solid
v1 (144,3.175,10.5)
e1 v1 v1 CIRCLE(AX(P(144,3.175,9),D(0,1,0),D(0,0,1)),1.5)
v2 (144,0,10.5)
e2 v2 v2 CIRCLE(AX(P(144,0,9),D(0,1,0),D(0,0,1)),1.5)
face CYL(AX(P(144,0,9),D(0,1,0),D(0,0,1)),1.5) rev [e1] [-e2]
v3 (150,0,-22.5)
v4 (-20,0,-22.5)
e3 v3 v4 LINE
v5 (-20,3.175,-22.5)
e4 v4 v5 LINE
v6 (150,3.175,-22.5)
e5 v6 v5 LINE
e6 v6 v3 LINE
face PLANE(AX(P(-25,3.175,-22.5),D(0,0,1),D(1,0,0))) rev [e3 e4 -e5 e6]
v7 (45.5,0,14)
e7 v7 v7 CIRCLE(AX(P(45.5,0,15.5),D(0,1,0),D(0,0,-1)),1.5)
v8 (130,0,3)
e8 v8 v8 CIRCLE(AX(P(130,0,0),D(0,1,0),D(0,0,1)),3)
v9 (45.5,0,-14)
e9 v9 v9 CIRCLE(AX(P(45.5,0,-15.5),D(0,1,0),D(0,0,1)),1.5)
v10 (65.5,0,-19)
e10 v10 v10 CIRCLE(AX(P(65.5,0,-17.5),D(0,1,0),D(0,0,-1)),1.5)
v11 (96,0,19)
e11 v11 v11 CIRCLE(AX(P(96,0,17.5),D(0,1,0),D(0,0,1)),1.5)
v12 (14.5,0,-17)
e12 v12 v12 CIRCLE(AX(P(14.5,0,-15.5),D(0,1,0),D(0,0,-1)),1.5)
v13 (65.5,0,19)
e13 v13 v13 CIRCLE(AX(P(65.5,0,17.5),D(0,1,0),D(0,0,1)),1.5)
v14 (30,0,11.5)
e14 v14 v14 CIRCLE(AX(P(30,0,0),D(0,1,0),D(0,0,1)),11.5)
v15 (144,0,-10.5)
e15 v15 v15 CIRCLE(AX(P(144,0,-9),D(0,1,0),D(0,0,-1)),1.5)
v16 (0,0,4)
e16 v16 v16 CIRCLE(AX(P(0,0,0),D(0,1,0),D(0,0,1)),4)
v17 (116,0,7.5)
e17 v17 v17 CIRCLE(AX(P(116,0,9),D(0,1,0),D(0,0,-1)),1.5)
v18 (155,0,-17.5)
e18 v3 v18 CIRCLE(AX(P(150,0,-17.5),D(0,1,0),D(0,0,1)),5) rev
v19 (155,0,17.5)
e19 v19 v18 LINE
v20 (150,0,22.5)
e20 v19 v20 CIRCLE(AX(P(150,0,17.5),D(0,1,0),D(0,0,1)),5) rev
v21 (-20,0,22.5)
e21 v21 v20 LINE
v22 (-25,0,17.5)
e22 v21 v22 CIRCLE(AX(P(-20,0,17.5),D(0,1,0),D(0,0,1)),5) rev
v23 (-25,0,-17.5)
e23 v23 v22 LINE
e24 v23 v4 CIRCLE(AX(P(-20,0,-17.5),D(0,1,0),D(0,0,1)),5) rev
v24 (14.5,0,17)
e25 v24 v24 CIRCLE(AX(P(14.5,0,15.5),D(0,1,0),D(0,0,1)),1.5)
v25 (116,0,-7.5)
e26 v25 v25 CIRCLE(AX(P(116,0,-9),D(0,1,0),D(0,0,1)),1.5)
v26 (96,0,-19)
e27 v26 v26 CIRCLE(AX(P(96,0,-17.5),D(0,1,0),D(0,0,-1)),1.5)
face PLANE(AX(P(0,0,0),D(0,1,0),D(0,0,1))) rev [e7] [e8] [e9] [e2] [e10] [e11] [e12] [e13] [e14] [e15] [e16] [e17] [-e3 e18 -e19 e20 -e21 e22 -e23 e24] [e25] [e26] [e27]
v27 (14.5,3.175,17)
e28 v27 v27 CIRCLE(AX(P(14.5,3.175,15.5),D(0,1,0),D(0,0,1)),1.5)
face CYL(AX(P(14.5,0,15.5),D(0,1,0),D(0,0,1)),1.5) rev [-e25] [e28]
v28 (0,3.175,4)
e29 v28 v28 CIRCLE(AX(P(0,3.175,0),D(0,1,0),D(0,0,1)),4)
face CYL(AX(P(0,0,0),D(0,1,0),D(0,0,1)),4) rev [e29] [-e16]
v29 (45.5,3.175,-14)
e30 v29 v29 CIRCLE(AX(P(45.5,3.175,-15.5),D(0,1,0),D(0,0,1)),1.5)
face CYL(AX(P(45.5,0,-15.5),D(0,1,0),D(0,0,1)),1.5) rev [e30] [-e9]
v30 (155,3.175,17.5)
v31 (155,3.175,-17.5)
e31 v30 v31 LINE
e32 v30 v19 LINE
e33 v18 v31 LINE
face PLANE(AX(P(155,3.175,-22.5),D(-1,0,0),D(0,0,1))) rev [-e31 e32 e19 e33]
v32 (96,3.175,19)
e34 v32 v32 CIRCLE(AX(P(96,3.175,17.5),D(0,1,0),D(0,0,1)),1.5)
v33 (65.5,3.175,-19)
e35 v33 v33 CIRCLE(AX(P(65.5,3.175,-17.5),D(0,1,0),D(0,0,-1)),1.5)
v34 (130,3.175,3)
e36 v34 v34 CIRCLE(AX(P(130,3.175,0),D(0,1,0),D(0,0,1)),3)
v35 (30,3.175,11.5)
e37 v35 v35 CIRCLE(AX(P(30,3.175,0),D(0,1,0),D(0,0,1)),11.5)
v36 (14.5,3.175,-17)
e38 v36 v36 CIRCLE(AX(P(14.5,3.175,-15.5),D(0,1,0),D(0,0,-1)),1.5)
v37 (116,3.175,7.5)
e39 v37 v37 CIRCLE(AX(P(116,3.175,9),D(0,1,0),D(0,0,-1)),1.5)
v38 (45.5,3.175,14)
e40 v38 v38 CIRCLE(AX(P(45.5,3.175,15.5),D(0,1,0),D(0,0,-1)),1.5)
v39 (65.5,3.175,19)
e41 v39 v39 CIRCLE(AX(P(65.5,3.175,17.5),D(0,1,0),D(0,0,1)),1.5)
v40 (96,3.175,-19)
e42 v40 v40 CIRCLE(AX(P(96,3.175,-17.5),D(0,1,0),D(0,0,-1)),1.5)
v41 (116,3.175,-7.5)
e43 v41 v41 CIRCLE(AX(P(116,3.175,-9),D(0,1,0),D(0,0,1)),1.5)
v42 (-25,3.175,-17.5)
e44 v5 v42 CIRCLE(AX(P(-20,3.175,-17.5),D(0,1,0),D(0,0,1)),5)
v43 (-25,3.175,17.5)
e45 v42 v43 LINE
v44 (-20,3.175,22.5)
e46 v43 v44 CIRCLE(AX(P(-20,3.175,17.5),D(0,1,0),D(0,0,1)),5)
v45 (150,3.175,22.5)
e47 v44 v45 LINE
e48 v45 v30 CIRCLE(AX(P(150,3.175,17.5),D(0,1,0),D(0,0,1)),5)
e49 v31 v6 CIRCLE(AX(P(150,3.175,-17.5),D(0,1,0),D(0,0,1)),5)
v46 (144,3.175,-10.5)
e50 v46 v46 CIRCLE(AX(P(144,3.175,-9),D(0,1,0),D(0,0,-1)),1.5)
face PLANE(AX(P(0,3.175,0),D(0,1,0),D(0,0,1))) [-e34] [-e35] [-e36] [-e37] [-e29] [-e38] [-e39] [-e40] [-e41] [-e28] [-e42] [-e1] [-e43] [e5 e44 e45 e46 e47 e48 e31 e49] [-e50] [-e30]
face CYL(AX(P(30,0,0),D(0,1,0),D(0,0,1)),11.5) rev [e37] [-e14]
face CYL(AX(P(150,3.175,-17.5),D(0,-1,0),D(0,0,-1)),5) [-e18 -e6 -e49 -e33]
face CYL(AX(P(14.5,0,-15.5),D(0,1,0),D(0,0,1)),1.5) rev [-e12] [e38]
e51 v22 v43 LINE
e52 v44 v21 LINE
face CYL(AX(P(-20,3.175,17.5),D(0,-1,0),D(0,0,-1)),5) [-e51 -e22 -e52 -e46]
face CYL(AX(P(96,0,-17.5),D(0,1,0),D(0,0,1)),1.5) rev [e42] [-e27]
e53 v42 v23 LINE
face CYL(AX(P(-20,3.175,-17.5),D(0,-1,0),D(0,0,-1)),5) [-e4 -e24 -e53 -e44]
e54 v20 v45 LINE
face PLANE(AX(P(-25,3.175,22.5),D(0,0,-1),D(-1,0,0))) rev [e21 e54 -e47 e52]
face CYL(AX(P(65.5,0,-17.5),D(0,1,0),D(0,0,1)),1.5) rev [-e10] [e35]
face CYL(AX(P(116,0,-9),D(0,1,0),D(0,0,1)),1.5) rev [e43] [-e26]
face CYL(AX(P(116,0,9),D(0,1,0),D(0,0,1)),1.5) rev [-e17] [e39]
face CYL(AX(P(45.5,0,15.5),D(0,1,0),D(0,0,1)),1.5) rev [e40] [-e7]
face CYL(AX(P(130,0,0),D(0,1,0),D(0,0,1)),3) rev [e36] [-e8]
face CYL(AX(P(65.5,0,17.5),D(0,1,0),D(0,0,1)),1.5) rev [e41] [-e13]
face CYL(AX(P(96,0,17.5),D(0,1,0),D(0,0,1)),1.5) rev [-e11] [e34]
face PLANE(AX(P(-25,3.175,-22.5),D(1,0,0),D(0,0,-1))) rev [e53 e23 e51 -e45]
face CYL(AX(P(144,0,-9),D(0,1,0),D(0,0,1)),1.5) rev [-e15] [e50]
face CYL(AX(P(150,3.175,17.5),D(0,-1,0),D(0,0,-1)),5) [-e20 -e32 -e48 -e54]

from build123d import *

# Parameters (mm, degrees)
SKETCH1_W           = 180
SKETCH1_H           = 45
BOSS_EXTRUDE1_DEPTH = 3.175
FILLET1_R           = 5
SKETCH4_R           = 3
SKETCH4_R_2         = 1.5
CUT_EXTRUDE1_DEPTH  = 157.65672863
SKETCH5_R           = 4
CUT_EXTRUDE2_DEPTH  = 157.65672863
SKETCH6_R           = 1.5
SKETCH6_R_2         = 11.5
CUT_EXTRUDE3_DEPTH  = 157.65672863
SKETCH10_R          = 1.5
CUT_EXTRUDE4_DEPTH  = 157.65672863


with BuildPart() as part:
    # Sketch1 → Boss-Extrude1 (new body)
    with BuildSketch(Plane(origin=(0, 0, 0), x_dir=(1, 0, 0), z_dir=(0, 1, 0))):
        with Locations((65, 0)):
            Rectangle(SKETCH1_W, SKETCH1_H)
    extrude(amount=BOSS_EXTRUDE1_DEPTH)

    # Fillet1
    fillet1_edges = [part.edges().sort_by_distance(p)[0] for p in [
        (-25, 1.5875, -22.5),
        (155, 1.5875, -22.5),
        (155, 1.5875, 22.5),
        (-25, 1.5875, 22.5),
    ]]
    fillet(fillet1_edges, radius=FILLET1_R)

    # Sketch4 → Cut-Extrude1 (cut, through all)
    with BuildSketch(Plane(origin=(0, 3.175, 0), x_dir=(1, 0, 0), z_dir=(0, 1, 0))):
        with Locations(Location((130, 0, 0), (0, 0, 270))):
            Circle(SKETCH4_R)
        with Locations(Location((116, 9, 0), (0, 0, 270))):
            Circle(SKETCH4_R_2)
        with Locations(Location((144, 9, 0), (0, 0, 90))):
            Circle(SKETCH4_R_2)
        with Locations(Location((144, -9, 0), (0, 0, 270))):
            Circle(SKETCH4_R_2)
        with Locations(Location((116, -9, 0), (0, 0, 90))):
            Circle(SKETCH4_R_2)
    extrude(amount=-CUT_EXTRUDE1_DEPTH, mode=Mode.SUBTRACT)

    # Sketch5 → Cut-Extrude2 (cut, through all)
    with BuildSketch(Plane(origin=(0, 3.175, 0), x_dir=(1, 0, 0), z_dir=(0, 1, 0))):
        with Locations(Location((0, 0, 0), (0, 0, 270))):
            Circle(SKETCH5_R)
    extrude(amount=-CUT_EXTRUDE2_DEPTH, mode=Mode.SUBTRACT)

    # Sketch6 → Cut-Extrude3 (cut, through all)
    with BuildSketch(Plane(origin=(0, 3.175, 0), x_dir=(1, 0, 0), z_dir=(0, 1, 0))):
        with Locations(Location((14.5, -15.5, 0), (0, 0, 270))):
            Circle(SKETCH6_R)
        with Locations(Location((14.5, 15.5, 0), (0, 0, 90))):
            Circle(SKETCH6_R)
        with Locations(Location((45.5, 15.5, 0), (0, 0, 270))):
            Circle(SKETCH6_R)
        with Locations(Location((45.5, -15.5, 0), (0, 0, 90))):
            Circle(SKETCH6_R)
        with Locations(Location((30, 0, 0), (0, 0, 270))):
            Circle(SKETCH6_R_2)
    extrude(amount=-CUT_EXTRUDE3_DEPTH, mode=Mode.SUBTRACT)

    # Sketch10 → Cut-Extrude4 (cut, through all)
    with BuildSketch(Plane(origin=(0, 3.175, 0), x_dir=(1, 0, 0), z_dir=(0, 1, 0))):
        with Locations(Location((65.5, -17.5, 0), (0, 0, 270))):
            Circle(SKETCH10_R)
        with Locations(Location((96, -17.5, 0), (0, 0, 270))):
            Circle(SKETCH10_R)
        with Locations(Location((96, 17.5, 0), (0, 0, 90))):
            Circle(SKETCH10_R)
        with Locations(Location((65.5, 17.5, 0), (0, 0, 90))):
            Circle(SKETCH10_R)
    extrude(amount=-CUT_EXTRUDE4_DEPTH, mode=Mode.SUBTRACT)


solid = part.part
